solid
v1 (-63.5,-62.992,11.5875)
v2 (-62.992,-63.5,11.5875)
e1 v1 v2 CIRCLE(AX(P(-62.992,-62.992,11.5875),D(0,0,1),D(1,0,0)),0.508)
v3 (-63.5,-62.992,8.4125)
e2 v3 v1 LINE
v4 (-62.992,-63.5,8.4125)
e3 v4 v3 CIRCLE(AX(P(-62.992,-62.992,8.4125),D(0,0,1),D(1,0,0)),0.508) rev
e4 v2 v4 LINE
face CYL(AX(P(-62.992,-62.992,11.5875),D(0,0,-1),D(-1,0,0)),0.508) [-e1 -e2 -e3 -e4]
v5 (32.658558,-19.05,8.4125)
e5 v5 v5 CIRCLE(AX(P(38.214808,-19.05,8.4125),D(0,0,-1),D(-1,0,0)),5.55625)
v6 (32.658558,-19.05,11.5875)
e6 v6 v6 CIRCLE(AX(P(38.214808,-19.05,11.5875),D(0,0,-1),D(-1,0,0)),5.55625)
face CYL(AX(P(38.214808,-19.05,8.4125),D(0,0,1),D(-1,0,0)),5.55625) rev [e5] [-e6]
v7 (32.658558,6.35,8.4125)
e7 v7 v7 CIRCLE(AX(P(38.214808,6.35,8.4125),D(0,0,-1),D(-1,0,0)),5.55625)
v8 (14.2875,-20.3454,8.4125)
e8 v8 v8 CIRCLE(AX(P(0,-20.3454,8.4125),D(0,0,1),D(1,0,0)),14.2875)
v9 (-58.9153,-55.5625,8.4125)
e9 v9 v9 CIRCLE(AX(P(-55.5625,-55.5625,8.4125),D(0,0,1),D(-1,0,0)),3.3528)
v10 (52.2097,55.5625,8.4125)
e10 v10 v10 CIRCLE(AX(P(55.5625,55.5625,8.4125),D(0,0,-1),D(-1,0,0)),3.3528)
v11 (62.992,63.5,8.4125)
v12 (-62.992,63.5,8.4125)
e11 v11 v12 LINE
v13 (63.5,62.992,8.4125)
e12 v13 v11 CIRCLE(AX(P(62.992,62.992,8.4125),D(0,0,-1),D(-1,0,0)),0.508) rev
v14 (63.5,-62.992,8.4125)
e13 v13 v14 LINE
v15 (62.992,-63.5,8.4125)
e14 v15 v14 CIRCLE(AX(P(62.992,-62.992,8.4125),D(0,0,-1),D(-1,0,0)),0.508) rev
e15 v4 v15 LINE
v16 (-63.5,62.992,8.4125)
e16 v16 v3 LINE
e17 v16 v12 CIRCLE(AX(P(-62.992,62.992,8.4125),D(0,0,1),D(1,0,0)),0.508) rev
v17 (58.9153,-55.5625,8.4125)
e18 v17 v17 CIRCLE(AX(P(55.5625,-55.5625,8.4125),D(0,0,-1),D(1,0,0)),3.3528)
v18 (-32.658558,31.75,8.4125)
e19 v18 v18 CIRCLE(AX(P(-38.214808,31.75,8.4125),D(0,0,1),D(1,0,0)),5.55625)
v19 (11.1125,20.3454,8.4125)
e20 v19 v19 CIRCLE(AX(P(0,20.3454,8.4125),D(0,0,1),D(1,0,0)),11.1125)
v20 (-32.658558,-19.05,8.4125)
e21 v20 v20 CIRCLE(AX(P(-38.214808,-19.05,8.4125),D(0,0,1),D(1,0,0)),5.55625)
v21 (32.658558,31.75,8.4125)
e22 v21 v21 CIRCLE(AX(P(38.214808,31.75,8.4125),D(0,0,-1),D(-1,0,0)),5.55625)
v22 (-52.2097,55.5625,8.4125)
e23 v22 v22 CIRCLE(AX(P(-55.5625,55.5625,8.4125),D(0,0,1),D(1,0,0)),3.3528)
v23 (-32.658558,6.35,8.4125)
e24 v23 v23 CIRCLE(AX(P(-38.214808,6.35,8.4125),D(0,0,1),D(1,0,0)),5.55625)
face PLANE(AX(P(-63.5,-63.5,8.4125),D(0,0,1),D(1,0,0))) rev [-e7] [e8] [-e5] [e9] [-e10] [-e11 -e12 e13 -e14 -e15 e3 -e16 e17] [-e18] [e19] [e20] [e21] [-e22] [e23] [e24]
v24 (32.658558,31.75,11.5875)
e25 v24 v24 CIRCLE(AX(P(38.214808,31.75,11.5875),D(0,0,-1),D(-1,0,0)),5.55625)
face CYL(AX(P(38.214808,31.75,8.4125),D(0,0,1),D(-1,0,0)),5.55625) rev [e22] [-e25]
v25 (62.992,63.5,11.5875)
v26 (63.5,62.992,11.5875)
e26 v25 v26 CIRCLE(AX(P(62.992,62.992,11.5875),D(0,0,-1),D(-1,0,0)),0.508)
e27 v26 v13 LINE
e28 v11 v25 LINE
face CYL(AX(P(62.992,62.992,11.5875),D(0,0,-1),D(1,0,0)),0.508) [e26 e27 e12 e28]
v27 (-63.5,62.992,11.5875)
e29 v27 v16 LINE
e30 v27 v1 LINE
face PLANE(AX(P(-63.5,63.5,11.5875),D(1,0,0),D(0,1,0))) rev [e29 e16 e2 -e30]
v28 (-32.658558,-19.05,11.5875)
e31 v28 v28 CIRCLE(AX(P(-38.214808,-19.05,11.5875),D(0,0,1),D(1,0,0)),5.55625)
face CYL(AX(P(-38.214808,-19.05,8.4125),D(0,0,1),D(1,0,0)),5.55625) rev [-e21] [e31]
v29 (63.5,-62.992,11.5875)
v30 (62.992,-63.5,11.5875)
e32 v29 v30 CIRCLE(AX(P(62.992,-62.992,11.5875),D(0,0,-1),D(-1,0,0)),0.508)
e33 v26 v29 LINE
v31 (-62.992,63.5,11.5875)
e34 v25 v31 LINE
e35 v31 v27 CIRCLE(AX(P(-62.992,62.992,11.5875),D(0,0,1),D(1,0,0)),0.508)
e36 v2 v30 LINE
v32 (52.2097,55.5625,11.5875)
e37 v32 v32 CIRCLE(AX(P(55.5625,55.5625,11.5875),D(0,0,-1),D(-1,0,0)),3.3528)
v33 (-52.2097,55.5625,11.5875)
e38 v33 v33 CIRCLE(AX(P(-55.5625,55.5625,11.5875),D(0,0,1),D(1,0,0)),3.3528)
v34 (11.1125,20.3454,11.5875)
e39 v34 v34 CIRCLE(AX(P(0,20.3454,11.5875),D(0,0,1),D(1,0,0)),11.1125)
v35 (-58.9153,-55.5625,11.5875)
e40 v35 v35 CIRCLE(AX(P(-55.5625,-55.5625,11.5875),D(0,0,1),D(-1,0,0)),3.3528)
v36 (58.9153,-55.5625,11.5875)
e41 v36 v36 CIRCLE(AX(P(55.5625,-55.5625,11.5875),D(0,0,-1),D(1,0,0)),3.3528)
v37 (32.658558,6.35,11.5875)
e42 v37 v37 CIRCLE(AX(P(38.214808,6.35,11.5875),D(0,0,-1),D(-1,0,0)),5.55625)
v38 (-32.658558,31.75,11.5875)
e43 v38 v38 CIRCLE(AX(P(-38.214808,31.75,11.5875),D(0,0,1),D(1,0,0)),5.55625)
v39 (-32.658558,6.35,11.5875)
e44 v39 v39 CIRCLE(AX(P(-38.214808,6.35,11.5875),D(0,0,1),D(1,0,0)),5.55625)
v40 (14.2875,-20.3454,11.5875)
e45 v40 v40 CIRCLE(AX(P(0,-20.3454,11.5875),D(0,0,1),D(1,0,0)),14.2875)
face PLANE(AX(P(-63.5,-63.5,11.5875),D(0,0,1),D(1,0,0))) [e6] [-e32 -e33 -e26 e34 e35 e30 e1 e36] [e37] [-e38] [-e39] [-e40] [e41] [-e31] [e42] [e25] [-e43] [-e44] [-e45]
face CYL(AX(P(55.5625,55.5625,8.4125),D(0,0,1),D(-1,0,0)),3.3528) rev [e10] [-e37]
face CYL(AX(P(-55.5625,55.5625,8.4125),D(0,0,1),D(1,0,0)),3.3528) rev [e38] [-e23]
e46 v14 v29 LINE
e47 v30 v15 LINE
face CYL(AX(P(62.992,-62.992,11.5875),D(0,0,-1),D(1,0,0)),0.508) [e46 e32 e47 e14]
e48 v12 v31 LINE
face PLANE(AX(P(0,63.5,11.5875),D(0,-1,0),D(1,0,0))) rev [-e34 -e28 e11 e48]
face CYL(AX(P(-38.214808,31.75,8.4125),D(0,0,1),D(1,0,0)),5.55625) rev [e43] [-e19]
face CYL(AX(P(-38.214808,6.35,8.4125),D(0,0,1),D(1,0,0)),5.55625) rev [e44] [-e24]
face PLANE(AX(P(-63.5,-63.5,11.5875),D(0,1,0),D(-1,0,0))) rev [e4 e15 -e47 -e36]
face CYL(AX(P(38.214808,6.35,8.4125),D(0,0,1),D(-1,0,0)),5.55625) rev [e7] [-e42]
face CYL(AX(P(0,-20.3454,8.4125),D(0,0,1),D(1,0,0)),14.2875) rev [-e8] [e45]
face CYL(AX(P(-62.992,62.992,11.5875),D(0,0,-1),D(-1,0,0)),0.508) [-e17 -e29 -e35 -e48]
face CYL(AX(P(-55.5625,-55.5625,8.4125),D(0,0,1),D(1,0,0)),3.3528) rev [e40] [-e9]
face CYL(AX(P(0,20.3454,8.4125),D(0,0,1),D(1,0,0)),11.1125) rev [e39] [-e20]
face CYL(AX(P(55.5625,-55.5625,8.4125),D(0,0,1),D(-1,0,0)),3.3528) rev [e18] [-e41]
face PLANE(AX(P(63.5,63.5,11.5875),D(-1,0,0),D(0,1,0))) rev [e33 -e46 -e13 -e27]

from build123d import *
from build123d.topology import SkipClean

# Parameters (mm, degrees)
EXTRUDE1_START = 10
SKETCH1_W      = 63.5
SKETCH1_H      = 127
EXTRUDE1_DEPTH = 1.5875
SKETCH2_R      = 3.3528
SKETCH2_R_2    = 11.1125
SKETCH2_R_3    = 14.2875
SKETCH2_R_4    = 5.55625
EXTRUDE2_DEPTH = 90.858670283
FILLET1_R      = 0.508


with BuildPart() as part:
    # Sketch1 → Extrude1 (new, symmetric)
    with BuildSketch(Plane.XY.offset(EXTRUDE1_START)):
        with Locations((-31.75, 0)):
            Rectangle(SKETCH1_W, SKETCH1_H)
    extrude(amount=EXTRUDE1_DEPTH, both=True)

    # Sketch2 → Extrude2 (cut, through all)
    with BuildSketch(Plane.XY.offset(11.5875)):
        with Locations(Location((-55.5625, -55.5625, 0), (0, 0, 180))):
            Circle(SKETCH2_R)
        with Locations((0, 20.3454)):
            Circle(SKETCH2_R_2)
        with Locations((0, -20.3454)):
            Circle(SKETCH2_R_3)
        with Locations((-38.214808, 6.35)):
            Circle(SKETCH2_R_4)
        with Locations((-38.214808, -19.05)):
            Circle(SKETCH2_R_4)
        with Locations((-38.214808, 31.75)):
            Circle(SKETCH2_R_4)
        with Locations((-55.5625, 55.5625)):
            Circle(SKETCH2_R)
    extrude(amount=-EXTRUDE2_DEPTH, mode=Mode.SUBTRACT)

    # Fillet1
    fillet1_edges = [part.edges().sort_by_distance(p)[0] for p in [
        (-63.5, 63.5, 10),
        (-63.5, -63.5, 10),
    ]]
    fillet(fillet1_edges, radius=FILLET1_R)

    # Mirror1: part across plane


with BuildPart() as part_1:
    with SkipClean():  # the faces are left unmerged after this step: merging them gives an invalid solid
        add(part.part)
        add(part.part.mirror(Plane(origin=(0, 63.5, 11.5875), x_dir=(0, 0, 1), z_dir=(-1, 0, 0))))


solid = part_1.part
